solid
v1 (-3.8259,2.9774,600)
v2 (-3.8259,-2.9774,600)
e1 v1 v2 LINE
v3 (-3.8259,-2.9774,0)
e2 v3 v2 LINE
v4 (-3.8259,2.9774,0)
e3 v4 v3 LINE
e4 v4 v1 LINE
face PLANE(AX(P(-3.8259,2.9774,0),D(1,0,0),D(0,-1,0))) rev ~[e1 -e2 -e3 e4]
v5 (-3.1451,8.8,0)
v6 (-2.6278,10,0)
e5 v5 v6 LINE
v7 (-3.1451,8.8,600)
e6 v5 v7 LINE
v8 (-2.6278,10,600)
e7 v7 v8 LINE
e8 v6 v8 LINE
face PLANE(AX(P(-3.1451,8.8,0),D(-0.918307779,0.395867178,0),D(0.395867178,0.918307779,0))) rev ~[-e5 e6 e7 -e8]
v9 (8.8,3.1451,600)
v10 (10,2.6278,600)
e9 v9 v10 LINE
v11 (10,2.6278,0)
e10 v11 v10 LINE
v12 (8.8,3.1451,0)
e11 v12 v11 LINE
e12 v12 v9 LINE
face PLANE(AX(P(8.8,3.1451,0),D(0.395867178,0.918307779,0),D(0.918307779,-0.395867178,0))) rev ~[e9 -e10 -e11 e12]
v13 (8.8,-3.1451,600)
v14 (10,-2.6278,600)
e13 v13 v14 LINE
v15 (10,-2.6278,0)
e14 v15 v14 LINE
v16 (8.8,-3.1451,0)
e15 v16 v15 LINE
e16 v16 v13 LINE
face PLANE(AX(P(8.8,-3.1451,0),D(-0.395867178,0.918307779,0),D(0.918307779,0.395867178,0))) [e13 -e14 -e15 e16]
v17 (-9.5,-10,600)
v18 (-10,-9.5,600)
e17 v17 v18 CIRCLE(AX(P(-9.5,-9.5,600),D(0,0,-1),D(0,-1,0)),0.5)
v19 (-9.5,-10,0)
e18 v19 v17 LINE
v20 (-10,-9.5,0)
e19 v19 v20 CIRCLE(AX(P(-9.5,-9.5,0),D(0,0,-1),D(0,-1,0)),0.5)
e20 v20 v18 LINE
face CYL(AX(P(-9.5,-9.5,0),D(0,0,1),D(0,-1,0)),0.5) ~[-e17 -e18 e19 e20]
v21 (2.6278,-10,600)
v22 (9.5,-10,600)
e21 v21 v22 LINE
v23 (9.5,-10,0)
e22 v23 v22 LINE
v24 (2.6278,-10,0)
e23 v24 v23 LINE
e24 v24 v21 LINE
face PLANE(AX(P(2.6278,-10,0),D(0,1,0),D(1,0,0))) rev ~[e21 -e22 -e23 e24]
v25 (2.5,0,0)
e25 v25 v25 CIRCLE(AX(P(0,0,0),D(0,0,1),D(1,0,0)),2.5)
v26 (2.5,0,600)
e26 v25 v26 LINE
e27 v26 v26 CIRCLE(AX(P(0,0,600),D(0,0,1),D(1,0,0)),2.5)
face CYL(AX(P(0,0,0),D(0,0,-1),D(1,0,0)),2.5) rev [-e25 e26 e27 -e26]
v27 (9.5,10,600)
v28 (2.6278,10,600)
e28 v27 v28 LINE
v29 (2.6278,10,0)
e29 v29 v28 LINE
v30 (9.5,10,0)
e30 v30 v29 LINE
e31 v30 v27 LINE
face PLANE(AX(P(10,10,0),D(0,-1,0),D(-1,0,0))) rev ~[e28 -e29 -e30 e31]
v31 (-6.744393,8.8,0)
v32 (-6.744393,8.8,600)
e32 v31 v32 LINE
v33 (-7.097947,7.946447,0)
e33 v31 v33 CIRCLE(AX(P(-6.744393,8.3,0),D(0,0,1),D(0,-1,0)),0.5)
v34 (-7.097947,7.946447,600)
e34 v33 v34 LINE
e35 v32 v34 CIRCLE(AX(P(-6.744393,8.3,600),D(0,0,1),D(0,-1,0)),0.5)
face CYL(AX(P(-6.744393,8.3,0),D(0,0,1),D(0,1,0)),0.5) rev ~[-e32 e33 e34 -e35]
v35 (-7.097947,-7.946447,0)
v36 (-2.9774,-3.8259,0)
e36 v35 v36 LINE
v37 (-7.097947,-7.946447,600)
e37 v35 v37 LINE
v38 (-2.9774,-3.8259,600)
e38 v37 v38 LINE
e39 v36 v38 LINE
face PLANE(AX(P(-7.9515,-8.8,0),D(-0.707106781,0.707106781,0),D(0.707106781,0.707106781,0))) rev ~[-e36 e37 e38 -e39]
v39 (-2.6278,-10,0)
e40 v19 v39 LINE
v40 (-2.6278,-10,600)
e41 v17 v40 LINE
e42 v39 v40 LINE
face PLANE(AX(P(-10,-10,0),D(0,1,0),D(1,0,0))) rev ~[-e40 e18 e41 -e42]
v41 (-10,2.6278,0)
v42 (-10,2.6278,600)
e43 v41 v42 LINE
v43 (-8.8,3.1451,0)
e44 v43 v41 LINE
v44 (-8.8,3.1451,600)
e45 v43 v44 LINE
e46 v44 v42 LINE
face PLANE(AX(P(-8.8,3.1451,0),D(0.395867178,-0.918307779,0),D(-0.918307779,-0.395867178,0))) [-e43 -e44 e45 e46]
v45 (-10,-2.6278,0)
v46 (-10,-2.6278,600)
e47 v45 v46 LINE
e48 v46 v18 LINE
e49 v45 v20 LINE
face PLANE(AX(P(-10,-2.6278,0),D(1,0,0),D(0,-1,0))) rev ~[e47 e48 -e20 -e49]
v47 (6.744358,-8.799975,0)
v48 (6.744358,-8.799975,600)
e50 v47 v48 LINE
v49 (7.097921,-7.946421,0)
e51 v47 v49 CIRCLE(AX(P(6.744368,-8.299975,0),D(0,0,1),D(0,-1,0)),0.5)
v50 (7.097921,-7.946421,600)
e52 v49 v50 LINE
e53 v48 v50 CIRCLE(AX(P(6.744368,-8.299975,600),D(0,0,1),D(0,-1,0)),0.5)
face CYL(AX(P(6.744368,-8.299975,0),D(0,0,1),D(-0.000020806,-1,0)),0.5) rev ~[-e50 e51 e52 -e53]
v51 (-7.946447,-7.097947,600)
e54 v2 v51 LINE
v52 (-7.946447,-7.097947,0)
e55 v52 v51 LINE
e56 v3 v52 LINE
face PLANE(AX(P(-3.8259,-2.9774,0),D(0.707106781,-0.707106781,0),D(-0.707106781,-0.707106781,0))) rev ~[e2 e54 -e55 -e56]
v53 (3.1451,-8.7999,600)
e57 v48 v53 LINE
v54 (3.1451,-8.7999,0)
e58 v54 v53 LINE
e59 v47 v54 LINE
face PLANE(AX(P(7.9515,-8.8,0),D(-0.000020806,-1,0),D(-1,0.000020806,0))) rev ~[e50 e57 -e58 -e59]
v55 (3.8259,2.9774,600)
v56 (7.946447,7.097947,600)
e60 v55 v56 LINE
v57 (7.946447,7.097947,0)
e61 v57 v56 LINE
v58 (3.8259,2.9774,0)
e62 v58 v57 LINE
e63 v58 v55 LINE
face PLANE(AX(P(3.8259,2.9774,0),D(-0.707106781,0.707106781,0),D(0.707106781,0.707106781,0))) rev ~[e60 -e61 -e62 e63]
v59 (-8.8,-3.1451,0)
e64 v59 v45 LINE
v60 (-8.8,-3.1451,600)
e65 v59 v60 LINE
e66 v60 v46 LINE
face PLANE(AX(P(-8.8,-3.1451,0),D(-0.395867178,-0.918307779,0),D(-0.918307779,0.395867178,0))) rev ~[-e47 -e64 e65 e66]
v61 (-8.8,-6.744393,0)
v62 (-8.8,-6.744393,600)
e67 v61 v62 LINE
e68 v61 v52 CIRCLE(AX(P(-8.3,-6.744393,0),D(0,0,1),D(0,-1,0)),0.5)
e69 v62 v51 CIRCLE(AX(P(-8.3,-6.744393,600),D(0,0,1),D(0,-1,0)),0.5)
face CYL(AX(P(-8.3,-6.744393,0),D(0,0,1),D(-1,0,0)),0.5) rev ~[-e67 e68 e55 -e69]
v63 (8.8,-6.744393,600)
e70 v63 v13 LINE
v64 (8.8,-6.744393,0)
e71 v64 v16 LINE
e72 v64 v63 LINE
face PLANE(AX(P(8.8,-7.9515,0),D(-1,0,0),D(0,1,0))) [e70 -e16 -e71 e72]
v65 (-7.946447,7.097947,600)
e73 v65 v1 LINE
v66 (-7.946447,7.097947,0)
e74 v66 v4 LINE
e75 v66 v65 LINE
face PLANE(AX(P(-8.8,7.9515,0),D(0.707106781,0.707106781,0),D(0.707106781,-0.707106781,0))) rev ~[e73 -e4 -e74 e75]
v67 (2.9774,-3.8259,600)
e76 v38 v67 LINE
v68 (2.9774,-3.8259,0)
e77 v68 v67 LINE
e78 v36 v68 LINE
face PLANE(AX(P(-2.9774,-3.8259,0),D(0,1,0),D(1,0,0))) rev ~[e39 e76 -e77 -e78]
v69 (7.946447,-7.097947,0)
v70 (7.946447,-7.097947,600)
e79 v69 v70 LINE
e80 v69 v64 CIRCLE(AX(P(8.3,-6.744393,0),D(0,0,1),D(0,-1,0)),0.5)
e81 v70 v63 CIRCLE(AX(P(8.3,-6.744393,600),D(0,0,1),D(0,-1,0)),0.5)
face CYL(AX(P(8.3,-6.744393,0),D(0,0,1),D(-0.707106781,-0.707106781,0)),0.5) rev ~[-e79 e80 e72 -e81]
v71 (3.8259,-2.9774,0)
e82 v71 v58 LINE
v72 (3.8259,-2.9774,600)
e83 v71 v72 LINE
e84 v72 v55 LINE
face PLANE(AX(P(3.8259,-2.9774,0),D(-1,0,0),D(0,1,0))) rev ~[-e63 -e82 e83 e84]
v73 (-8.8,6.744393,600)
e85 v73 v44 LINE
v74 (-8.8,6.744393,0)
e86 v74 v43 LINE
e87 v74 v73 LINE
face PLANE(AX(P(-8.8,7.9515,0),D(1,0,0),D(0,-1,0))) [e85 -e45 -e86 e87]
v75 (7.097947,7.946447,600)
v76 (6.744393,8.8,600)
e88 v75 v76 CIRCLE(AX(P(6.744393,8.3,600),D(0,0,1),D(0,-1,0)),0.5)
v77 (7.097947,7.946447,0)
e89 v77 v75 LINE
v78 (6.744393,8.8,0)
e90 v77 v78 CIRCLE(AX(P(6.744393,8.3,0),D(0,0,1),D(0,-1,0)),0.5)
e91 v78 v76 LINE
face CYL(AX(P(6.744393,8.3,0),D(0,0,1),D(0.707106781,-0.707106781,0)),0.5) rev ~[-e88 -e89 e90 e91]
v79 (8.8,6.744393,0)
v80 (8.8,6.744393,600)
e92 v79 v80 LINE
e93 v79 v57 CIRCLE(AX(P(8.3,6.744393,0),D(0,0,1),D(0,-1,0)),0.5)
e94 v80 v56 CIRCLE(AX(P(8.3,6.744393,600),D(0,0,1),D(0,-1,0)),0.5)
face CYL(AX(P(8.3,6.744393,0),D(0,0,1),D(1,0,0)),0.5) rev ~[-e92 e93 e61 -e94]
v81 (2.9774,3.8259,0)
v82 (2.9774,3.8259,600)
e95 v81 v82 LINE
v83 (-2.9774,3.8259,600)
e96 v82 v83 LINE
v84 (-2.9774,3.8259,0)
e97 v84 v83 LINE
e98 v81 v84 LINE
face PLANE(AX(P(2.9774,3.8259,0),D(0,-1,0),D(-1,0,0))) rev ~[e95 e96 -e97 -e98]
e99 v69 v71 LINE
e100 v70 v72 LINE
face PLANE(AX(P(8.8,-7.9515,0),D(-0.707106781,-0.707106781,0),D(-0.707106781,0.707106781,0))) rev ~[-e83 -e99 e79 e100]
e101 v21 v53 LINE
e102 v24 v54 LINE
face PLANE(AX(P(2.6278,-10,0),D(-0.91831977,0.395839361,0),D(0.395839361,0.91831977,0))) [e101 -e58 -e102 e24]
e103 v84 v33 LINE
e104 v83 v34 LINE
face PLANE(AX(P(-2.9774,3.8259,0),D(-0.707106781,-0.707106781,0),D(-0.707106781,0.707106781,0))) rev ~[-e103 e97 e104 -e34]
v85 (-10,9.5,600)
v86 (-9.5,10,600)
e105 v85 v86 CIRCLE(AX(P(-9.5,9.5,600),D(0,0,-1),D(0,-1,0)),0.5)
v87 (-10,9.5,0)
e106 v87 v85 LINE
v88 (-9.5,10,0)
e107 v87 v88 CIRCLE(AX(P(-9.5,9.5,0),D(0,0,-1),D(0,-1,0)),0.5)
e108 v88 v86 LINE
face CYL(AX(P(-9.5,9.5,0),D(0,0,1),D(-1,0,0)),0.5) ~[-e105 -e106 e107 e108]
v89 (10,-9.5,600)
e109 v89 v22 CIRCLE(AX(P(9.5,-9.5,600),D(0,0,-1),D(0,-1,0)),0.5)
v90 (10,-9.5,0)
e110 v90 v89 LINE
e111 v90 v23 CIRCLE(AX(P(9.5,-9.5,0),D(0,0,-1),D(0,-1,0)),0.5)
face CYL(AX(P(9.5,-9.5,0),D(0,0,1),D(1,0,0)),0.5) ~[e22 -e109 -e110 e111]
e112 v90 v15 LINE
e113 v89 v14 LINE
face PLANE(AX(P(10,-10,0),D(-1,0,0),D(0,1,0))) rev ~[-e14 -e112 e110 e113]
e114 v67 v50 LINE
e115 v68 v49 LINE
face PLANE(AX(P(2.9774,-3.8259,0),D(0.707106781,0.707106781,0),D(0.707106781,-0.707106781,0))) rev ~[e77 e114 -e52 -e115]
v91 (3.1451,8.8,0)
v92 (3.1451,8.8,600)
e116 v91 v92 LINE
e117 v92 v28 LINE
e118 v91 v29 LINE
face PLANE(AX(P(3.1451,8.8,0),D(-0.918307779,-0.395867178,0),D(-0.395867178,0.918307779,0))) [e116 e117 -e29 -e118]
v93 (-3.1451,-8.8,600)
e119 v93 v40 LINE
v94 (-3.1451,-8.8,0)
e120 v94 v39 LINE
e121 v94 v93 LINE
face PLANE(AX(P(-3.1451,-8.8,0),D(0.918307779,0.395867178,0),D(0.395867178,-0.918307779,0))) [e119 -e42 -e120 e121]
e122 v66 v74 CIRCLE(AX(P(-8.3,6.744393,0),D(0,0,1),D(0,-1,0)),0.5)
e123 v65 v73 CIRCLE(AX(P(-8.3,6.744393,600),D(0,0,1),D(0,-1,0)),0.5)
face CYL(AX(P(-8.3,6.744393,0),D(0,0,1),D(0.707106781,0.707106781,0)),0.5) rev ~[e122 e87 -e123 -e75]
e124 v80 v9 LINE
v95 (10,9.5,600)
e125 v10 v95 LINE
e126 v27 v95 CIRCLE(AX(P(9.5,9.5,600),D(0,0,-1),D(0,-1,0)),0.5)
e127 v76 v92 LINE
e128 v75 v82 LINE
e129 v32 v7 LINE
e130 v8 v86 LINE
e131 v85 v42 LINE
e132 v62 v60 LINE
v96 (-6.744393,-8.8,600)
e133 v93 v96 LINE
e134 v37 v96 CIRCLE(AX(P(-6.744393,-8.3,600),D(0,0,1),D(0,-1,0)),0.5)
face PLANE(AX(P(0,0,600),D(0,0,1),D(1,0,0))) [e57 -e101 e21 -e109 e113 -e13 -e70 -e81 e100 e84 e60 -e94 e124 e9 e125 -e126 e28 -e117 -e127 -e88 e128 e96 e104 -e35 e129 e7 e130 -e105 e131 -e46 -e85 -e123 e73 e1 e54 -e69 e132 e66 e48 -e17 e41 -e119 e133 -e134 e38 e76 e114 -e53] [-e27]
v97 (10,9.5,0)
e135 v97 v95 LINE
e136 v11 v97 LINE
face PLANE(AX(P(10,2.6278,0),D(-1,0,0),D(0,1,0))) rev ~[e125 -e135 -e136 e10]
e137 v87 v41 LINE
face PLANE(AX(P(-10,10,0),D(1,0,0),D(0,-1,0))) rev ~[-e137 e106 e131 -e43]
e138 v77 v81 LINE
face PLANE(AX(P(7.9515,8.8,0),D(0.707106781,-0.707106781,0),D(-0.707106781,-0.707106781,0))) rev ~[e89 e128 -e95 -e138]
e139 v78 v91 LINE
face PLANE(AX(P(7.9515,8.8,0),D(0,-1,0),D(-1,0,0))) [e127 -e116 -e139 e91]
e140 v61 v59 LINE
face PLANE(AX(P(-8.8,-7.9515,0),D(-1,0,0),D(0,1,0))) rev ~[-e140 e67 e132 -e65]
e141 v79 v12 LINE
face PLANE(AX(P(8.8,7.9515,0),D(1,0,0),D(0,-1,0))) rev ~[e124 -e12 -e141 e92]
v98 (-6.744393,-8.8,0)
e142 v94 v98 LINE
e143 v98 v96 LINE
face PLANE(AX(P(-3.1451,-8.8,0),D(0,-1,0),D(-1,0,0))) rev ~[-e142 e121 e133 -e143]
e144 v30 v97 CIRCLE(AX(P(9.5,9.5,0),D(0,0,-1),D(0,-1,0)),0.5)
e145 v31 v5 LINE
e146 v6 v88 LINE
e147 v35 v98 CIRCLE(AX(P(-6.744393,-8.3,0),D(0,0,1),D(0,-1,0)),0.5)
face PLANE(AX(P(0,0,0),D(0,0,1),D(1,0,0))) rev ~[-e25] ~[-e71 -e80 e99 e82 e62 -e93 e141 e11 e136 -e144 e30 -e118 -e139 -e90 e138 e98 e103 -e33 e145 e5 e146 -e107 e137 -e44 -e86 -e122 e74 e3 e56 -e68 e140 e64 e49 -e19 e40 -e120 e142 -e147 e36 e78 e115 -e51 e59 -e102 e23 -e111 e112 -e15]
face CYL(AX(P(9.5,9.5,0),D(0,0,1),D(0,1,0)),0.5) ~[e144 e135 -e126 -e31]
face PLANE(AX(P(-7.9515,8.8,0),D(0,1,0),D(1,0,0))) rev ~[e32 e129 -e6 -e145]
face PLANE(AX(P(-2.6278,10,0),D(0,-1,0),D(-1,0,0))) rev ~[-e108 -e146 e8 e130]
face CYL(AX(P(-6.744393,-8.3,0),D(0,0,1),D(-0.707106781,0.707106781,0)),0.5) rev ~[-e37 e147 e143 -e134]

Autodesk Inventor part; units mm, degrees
ref_plane "YZ Plane" through (0, 0, 0) normal (1, 0, 0) x (0, 1, 0)
ref_plane "XZ Plane" through (0, 0, 0) normal (0, 1, 0) x (-1, 0, 0)
ref_plane "XY Plane" through (0, 0, 0) normal (0, 0, 1) x (1, 0, 0)
sketch "Sketch1" plane through (0, 0, 0) normal (0, 0, 1) x (1, 0, 0)
  circle A0 centre (0, 0) radius 2.5
  line L0 (2.9774, 3.8259) -> (-2.9774, 3.8259)
  line L1 (-3.8259, 2.9774) -> (-3.8259, -2.9774)
  line L2 (-3.8259, -2.9774) -> (-8.8, -7.9515)
  line L3 (-7.9515, -8.8) -> (-2.9774, -3.8259)
  line L4 (2.9774, -3.8259) -> (7.9515, -8.8)
  line L5 (3.8259, 2.9774) -> (8.8, 7.9515)
  line L6 (8.8, -7.9515) -> (3.8259, -2.9774)
  line L7 (7.9515, 8.8) -> (2.9774, 3.8259)
  line L8 (-2.9774, 3.8259) -> (-7.9515, 8.8)
  line L9 (-8.8, 7.9515) -> (-3.8259, 2.9774)
  line L10 (-2.9774, -3.8259) -> (2.9774, -3.8259)
  line L11 (3.8259, -2.9774) -> (3.8259, 2.9774)
  line L12 (-3.1451, -8.8) -> (-2.6278, -10)
  line L13 (-3.1451, -8.8) -> (-7.9515, -8.8)
  line L14 (-10, -10) -> (-2.6278, -10)
  line L15 (2.6278, -10) -> (10, -10)
  line L16 (7.9515, -8.8) -> (3.1451, -8.7999)
  circle A1 centre (0, 0) radius 3.8259 construction
  line L17 (0, 0) -> (7.0677, 7.0677) construction
  circle A2 centre (2.7053, 2.7053) radius 1.1531 construction
  line L18 (-13.2321, 0) -> (16.76, 0) construction
  circle A3 centre (0, 0) radius 4.848 construction
  line L19 (2.6278, -10) -> (3.1451, -8.7999)
  line L20 (-8.8, -7.9515) -> (-8.8, -3.1451)
  line L21 (-8.8, -3.1451) -> (-10, -2.6278)
  line L22 (-8.8, 7.9515) -> (-8.8, 3.1451)
  line L23 (-8.8, 3.1451) -> (-10, 2.6278)
  line L24 (-7.9515, 8.8) -> (-3.1451, 8.8)
  line L25 (-3.1451, 8.8) -> (-2.6278, 10)
  line L26 (7.9515, 8.8) -> (3.1451, 8.8)
  line L27 (3.1451, 8.8) -> (2.6278, 10)
  line L28 (8.8, 7.9515) -> (8.8, 3.1451)
  line L29 (8.8, 3.1451) -> (10, 2.6278)
  line L30 (8.8, -7.9515) -> (8.8, -3.1451)
  line L31 (8.8, -3.1451) -> (10, -2.6278)
  line L32 (-10, 10) -> (-10, 2.6278)
  line L33 (-10, -2.6278) -> (-10, -10)
  line L34 (10, 10) -> (2.6278, 10)
  line L35 (-2.6278, 10) -> (-10, 10)
  line L36 (10, -10) -> (10, -2.6278)
  line L37 (10, 2.6278) -> (10, 10)
  point P0 (3.8259, 0)
  point P1 (-0.0241, 0)
  point P2 (-3.8259, 0)
  dimension "d0" = 20
  dimension "d1" = 20
  dimension "d2" = 5
  dimension "d3" = 1.2
  dimension "d4" = 1.2
  dimension "d5" = 1.2
  dimension "d6" = 1.2
  dimension "d7" = 20
  dimension "d8" = 1.2
  dimension "d9" = 1.2
  dimension "d10" = 1.2
  dimension "d11" = 1.2
  dimension "d12" = 1.2
  dimension "d13" = 20
extrude "Extrusion1" add sketch "Sketch1" along normal blind 600
fillet "Fillet1" radius 0.5 12 edges at (-10, 10, 300) (-7.9515, 8.8, 300) (-8.8, 7.9515, 300) (-10, -10, 300) (-7.9515, -8.8, 300) (-8.8, -7.9515, 300) (10, -10, 300) (7.9515, -8.8, 300) (8.8, -7.9515, 300) (7.9515, 8.8, 300) (10, 10, 300) (8.8, 7.9515, 300)
properties part number "600 beam"
